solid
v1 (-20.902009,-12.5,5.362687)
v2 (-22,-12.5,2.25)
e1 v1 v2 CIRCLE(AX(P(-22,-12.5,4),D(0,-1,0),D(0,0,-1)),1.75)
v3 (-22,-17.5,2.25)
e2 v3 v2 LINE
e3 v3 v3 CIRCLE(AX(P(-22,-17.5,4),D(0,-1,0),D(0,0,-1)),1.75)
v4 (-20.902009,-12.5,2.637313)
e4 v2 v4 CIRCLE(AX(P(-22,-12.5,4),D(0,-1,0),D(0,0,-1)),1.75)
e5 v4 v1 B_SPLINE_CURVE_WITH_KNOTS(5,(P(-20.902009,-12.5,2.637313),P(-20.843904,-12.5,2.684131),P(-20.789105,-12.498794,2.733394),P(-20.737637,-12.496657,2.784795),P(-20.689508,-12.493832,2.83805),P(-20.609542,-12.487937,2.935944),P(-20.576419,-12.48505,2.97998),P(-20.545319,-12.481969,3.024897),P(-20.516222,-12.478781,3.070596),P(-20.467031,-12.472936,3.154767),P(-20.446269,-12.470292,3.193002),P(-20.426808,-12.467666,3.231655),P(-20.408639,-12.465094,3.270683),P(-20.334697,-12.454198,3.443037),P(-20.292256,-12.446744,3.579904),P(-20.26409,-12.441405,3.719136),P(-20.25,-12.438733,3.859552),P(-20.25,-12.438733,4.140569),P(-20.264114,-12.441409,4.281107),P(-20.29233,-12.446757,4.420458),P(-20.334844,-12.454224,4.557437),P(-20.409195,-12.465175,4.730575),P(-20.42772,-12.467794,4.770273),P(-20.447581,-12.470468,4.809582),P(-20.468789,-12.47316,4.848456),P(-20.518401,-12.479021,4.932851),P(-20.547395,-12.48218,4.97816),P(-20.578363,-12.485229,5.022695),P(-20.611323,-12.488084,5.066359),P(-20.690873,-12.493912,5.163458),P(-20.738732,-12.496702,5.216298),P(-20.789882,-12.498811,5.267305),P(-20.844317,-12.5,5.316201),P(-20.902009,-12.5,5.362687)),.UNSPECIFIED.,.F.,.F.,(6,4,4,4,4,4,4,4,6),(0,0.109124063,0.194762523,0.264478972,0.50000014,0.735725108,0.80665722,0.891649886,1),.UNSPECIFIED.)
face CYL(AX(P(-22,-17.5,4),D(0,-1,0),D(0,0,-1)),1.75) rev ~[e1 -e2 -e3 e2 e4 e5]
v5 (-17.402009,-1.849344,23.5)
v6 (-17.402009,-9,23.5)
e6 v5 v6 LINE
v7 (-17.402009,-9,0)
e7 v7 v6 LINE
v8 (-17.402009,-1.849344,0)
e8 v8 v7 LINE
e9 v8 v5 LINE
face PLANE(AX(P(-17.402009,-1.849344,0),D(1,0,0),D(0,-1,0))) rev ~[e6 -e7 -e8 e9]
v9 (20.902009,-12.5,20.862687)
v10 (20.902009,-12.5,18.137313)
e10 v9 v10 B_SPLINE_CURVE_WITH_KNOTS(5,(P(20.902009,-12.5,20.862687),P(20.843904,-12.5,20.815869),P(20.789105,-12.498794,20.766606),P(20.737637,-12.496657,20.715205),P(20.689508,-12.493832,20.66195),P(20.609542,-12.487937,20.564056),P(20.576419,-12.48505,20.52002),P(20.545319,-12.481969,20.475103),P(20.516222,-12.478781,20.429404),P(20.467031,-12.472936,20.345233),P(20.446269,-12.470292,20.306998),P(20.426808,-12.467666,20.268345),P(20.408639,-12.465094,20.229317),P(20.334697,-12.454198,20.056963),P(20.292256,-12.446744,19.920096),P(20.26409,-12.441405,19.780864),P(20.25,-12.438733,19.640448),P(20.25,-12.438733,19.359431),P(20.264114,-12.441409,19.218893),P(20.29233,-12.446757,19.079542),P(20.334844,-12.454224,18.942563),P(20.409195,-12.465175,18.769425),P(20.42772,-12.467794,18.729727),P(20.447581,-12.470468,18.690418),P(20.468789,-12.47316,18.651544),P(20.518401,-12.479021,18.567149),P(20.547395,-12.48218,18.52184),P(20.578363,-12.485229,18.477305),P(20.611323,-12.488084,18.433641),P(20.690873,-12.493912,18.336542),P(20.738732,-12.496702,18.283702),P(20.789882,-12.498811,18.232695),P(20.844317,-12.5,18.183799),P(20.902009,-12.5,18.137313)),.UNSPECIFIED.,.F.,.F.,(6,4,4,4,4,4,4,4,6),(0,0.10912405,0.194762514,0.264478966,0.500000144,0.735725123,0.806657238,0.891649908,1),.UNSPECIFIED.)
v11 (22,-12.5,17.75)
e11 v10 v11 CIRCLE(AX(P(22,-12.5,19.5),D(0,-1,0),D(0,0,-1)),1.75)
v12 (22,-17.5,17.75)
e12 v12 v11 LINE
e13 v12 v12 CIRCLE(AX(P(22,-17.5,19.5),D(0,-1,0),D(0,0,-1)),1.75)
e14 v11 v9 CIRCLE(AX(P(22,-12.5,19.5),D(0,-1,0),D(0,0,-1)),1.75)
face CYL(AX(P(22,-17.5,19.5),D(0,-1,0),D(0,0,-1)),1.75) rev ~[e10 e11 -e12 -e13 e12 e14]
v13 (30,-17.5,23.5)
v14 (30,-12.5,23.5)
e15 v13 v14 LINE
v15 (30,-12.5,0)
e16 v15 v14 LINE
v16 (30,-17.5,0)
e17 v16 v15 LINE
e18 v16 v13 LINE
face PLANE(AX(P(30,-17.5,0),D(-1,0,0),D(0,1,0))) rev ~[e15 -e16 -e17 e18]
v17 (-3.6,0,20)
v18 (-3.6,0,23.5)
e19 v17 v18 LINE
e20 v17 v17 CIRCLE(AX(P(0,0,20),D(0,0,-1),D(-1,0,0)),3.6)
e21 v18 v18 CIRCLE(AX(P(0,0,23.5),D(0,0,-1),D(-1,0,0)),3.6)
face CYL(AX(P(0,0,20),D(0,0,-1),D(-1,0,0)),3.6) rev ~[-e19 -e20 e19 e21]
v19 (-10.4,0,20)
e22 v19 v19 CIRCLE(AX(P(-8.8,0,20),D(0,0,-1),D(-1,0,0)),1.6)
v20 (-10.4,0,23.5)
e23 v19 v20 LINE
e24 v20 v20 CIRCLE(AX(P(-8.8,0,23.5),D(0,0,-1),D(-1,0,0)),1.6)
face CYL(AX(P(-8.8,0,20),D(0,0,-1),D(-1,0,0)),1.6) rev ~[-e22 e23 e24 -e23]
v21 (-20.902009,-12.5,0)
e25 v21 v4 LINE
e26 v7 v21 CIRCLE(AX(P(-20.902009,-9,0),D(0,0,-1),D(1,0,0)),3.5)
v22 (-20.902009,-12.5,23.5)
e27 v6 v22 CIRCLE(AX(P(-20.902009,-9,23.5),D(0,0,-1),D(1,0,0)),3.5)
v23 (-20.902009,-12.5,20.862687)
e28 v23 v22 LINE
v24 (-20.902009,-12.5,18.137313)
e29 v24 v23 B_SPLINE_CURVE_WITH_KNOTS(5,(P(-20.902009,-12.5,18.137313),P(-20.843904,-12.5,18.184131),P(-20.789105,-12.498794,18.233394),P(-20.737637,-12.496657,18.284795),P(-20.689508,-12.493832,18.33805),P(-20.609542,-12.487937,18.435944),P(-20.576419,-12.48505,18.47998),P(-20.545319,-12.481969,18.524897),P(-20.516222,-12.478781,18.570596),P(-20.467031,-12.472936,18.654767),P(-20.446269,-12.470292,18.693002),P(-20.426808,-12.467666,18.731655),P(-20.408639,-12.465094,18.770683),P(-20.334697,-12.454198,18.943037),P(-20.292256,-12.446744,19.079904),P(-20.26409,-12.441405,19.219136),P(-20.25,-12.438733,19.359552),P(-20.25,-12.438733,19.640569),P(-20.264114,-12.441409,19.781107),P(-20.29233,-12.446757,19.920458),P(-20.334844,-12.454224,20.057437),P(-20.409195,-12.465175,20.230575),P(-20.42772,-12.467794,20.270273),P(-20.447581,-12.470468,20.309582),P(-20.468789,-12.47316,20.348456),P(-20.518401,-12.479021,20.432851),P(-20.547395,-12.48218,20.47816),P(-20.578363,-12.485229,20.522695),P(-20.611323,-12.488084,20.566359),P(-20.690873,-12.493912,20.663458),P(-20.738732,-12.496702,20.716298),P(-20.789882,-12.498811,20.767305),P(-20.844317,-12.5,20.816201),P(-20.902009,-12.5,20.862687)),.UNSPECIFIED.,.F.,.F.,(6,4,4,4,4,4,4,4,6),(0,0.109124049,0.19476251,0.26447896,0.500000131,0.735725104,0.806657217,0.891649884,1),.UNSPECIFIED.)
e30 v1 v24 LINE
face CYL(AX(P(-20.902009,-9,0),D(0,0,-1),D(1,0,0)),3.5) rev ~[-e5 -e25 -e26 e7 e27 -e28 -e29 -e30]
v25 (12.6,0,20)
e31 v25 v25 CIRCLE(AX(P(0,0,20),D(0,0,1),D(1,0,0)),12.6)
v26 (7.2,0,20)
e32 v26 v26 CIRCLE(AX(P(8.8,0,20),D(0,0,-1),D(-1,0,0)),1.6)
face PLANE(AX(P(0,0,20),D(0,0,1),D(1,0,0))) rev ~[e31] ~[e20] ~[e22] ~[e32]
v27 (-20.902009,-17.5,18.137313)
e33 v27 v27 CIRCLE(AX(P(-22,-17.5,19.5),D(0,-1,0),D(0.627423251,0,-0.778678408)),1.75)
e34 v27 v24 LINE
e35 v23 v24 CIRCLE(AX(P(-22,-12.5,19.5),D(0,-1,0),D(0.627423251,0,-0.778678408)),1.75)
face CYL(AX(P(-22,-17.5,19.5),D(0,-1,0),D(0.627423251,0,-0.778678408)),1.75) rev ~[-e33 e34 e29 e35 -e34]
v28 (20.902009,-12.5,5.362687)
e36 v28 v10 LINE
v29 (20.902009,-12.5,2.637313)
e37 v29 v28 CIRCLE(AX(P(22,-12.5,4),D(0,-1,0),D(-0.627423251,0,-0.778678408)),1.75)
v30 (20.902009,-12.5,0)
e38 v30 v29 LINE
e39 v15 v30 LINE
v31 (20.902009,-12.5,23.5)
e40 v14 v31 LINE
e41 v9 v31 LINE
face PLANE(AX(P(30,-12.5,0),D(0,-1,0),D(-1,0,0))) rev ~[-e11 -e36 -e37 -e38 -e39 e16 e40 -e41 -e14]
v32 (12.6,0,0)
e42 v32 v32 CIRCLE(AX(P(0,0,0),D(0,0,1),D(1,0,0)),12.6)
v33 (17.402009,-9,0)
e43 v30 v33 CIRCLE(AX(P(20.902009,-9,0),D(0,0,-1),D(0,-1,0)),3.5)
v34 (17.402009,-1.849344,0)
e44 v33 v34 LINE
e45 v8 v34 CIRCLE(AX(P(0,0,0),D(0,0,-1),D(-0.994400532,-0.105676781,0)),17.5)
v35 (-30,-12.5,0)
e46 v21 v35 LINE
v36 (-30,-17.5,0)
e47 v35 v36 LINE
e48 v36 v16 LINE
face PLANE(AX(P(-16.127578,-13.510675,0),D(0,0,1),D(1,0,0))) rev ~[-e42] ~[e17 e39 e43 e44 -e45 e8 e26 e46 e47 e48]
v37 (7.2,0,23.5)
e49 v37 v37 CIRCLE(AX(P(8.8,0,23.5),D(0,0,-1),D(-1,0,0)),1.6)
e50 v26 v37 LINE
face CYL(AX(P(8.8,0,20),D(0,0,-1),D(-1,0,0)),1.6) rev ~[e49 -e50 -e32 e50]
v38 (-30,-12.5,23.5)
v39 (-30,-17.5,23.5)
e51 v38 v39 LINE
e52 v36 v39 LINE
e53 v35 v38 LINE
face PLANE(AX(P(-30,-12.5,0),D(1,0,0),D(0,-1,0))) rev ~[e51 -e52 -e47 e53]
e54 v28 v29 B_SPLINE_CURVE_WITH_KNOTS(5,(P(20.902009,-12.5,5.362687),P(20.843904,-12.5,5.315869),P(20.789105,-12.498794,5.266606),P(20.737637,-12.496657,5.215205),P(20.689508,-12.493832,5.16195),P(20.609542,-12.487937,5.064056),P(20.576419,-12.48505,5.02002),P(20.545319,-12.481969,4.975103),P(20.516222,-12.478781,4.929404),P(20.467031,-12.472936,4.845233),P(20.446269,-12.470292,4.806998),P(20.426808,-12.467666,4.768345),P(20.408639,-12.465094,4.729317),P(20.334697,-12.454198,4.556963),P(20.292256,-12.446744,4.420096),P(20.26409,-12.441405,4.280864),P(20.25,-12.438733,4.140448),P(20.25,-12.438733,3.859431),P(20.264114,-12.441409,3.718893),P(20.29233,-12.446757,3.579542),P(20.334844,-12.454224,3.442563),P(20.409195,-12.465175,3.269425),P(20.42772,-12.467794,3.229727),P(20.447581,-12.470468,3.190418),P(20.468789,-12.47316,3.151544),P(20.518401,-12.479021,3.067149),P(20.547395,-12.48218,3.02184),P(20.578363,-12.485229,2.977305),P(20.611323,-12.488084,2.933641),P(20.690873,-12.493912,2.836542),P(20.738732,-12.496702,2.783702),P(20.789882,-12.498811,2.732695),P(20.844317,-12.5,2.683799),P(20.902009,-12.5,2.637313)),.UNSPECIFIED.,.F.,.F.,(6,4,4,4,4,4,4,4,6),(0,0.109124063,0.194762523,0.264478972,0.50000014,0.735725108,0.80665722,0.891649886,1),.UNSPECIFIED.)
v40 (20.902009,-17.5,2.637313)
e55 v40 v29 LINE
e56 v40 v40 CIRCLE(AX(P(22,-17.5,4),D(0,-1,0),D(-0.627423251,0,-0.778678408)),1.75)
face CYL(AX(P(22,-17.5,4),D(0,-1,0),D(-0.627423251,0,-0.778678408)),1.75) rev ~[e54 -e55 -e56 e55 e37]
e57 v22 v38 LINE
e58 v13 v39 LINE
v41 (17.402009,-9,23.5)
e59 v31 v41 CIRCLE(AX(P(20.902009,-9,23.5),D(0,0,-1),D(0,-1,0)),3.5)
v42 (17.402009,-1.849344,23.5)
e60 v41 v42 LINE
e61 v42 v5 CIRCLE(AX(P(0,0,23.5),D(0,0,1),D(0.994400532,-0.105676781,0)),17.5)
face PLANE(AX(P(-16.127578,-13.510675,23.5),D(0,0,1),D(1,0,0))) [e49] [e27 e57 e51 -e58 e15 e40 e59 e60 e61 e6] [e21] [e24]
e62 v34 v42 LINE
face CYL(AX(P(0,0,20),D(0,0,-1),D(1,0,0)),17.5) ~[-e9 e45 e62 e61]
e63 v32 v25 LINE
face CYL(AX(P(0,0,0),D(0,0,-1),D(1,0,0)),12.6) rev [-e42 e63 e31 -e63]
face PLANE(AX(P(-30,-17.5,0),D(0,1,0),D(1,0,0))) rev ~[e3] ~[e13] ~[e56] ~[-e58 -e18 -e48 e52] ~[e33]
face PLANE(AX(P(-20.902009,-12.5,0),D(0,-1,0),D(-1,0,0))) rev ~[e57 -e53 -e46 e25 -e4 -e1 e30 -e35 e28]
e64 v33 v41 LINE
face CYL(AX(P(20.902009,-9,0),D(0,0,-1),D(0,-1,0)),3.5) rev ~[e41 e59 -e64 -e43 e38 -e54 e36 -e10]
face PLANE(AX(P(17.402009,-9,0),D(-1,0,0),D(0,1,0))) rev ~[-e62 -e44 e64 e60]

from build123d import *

# Parameters (mm, degrees)
SZKIC1_R                    = 17.5
SZKIC1_R_2                  = 12.6
DODANIE_WYCI_GNI_CIE1_DEPTH = 20
SZKIC2_R                    = 17.5
DODANIE_WYCI_GNI_CIE2_DEPTH = 3.5
DODANIE_WYCI_GNI_CIE3_START = -23.5
DODANIE_WYCI_GNI_CIE3_DEPTH = 23.5
SZKIC4_R                    = 3.6
SZKIC4_R_2                  = 1.6
WYTNIJ_WYCI_GNI_CIE1_DEPTH  = 41.078048855
SZKIC5_R                    = 1.75
WYTNIJ_WYCI_GNI_CIE2_DEPTH  = 52.742149163


with BuildPart() as part:
    # Szkic1 → Dodanie-wyciągnięcie1 (new body)
    with BuildSketch(Plane.XY):
        Circle(SZKIC1_R)
        Circle(SZKIC1_R_2, mode=Mode.SUBTRACT)
    extrude(amount=DODANIE_WYCI_GNI_CIE1_DEPTH)

    # Szkic2 → Dodanie-wyciągnięcie2 (add)
    with BuildSketch(Plane.XY.offset(20)):
        Circle(SZKIC2_R)
    extrude(amount=DODANIE_WYCI_GNI_CIE2_DEPTH)

    # Szkic3 → Dodanie-wyciągnięcie3 (add)
    with BuildSketch(Plane.XY.offset(23.5).offset(DODANIE_WYCI_GNI_CIE3_START)):
        with BuildLine():
            Line((-30, -12.5), (-30, -17.5))
            Line((-30, -17.5), (3e-09, -17.5))
            ThreePointArc((3e-09, -17.5), (-11.702275118, -13.011793), (-17.40200931, -1.849343661))
            Line((-17.40200931, -1.849343661), (-17.40200931, -9))
            ThreePointArc((-17.40200931, -9), (-18.427135576, -11.474873734), (-20.90200931, -12.5))
            Line((-20.90200931, -12.5), (-30, -12.5))
        make_face()
        with BuildLine():
            ThreePointArc((17.40200931, -1.849343661), (11.70227512, -13.011792998), (3e-09, -17.5))
            Line((3e-09, -17.5), (30, -17.5))
            Line((30, -17.5), (30, -12.5))
            Line((30, -12.5), (20.90200931, -12.5))
            ThreePointArc((20.90200931, -12.5), (18.427135576, -11.474873734), (17.40200931, -9))
            Line((17.40200931, -9), (17.40200931, -1.849343661))
        make_face()
    extrude(amount=DODANIE_WYCI_GNI_CIE3_DEPTH)

    # Szkic4 → Wytnij-wyciągnięcie1 (cut, through all)
    with BuildSketch(Plane(origin=(0, 0, 20), x_dir=(-1, 0, 0), z_dir=(0, 0, -1))):
        Circle(SZKIC4_R)
        with Locations((-8.8, 0)):
            Circle(SZKIC4_R_2)
        with Locations((8.8, 0)):
            Circle(SZKIC4_R_2)
    extrude(amount=-WYTNIJ_WYCI_GNI_CIE1_DEPTH, mode=Mode.SUBTRACT)

    # Szkic5 → Wytnij-wyciągnięcie2 (cut, through all)
    with BuildSketch(Plane.XZ.offset(17.5)):
        with Locations(Location((-22, 4, 0), (0, 0, 270))):
            Circle(SZKIC5_R)
        with Locations(Location((22, 4, 0), (0, 0, 231.139730474))):
            Circle(SZKIC5_R)
        with Locations(Location((22, 19.5, 0), (0, 0, 270))):
            Circle(SZKIC5_R)
        with Locations(Location((-22, 19.5, 0), (0, 0, 308.860269529))):
            Circle(SZKIC5_R)
    extrude(amount=-WYTNIJ_WYCI_GNI_CIE2_DEPTH, mode=Mode.SUBTRACT)


solid = part.part
